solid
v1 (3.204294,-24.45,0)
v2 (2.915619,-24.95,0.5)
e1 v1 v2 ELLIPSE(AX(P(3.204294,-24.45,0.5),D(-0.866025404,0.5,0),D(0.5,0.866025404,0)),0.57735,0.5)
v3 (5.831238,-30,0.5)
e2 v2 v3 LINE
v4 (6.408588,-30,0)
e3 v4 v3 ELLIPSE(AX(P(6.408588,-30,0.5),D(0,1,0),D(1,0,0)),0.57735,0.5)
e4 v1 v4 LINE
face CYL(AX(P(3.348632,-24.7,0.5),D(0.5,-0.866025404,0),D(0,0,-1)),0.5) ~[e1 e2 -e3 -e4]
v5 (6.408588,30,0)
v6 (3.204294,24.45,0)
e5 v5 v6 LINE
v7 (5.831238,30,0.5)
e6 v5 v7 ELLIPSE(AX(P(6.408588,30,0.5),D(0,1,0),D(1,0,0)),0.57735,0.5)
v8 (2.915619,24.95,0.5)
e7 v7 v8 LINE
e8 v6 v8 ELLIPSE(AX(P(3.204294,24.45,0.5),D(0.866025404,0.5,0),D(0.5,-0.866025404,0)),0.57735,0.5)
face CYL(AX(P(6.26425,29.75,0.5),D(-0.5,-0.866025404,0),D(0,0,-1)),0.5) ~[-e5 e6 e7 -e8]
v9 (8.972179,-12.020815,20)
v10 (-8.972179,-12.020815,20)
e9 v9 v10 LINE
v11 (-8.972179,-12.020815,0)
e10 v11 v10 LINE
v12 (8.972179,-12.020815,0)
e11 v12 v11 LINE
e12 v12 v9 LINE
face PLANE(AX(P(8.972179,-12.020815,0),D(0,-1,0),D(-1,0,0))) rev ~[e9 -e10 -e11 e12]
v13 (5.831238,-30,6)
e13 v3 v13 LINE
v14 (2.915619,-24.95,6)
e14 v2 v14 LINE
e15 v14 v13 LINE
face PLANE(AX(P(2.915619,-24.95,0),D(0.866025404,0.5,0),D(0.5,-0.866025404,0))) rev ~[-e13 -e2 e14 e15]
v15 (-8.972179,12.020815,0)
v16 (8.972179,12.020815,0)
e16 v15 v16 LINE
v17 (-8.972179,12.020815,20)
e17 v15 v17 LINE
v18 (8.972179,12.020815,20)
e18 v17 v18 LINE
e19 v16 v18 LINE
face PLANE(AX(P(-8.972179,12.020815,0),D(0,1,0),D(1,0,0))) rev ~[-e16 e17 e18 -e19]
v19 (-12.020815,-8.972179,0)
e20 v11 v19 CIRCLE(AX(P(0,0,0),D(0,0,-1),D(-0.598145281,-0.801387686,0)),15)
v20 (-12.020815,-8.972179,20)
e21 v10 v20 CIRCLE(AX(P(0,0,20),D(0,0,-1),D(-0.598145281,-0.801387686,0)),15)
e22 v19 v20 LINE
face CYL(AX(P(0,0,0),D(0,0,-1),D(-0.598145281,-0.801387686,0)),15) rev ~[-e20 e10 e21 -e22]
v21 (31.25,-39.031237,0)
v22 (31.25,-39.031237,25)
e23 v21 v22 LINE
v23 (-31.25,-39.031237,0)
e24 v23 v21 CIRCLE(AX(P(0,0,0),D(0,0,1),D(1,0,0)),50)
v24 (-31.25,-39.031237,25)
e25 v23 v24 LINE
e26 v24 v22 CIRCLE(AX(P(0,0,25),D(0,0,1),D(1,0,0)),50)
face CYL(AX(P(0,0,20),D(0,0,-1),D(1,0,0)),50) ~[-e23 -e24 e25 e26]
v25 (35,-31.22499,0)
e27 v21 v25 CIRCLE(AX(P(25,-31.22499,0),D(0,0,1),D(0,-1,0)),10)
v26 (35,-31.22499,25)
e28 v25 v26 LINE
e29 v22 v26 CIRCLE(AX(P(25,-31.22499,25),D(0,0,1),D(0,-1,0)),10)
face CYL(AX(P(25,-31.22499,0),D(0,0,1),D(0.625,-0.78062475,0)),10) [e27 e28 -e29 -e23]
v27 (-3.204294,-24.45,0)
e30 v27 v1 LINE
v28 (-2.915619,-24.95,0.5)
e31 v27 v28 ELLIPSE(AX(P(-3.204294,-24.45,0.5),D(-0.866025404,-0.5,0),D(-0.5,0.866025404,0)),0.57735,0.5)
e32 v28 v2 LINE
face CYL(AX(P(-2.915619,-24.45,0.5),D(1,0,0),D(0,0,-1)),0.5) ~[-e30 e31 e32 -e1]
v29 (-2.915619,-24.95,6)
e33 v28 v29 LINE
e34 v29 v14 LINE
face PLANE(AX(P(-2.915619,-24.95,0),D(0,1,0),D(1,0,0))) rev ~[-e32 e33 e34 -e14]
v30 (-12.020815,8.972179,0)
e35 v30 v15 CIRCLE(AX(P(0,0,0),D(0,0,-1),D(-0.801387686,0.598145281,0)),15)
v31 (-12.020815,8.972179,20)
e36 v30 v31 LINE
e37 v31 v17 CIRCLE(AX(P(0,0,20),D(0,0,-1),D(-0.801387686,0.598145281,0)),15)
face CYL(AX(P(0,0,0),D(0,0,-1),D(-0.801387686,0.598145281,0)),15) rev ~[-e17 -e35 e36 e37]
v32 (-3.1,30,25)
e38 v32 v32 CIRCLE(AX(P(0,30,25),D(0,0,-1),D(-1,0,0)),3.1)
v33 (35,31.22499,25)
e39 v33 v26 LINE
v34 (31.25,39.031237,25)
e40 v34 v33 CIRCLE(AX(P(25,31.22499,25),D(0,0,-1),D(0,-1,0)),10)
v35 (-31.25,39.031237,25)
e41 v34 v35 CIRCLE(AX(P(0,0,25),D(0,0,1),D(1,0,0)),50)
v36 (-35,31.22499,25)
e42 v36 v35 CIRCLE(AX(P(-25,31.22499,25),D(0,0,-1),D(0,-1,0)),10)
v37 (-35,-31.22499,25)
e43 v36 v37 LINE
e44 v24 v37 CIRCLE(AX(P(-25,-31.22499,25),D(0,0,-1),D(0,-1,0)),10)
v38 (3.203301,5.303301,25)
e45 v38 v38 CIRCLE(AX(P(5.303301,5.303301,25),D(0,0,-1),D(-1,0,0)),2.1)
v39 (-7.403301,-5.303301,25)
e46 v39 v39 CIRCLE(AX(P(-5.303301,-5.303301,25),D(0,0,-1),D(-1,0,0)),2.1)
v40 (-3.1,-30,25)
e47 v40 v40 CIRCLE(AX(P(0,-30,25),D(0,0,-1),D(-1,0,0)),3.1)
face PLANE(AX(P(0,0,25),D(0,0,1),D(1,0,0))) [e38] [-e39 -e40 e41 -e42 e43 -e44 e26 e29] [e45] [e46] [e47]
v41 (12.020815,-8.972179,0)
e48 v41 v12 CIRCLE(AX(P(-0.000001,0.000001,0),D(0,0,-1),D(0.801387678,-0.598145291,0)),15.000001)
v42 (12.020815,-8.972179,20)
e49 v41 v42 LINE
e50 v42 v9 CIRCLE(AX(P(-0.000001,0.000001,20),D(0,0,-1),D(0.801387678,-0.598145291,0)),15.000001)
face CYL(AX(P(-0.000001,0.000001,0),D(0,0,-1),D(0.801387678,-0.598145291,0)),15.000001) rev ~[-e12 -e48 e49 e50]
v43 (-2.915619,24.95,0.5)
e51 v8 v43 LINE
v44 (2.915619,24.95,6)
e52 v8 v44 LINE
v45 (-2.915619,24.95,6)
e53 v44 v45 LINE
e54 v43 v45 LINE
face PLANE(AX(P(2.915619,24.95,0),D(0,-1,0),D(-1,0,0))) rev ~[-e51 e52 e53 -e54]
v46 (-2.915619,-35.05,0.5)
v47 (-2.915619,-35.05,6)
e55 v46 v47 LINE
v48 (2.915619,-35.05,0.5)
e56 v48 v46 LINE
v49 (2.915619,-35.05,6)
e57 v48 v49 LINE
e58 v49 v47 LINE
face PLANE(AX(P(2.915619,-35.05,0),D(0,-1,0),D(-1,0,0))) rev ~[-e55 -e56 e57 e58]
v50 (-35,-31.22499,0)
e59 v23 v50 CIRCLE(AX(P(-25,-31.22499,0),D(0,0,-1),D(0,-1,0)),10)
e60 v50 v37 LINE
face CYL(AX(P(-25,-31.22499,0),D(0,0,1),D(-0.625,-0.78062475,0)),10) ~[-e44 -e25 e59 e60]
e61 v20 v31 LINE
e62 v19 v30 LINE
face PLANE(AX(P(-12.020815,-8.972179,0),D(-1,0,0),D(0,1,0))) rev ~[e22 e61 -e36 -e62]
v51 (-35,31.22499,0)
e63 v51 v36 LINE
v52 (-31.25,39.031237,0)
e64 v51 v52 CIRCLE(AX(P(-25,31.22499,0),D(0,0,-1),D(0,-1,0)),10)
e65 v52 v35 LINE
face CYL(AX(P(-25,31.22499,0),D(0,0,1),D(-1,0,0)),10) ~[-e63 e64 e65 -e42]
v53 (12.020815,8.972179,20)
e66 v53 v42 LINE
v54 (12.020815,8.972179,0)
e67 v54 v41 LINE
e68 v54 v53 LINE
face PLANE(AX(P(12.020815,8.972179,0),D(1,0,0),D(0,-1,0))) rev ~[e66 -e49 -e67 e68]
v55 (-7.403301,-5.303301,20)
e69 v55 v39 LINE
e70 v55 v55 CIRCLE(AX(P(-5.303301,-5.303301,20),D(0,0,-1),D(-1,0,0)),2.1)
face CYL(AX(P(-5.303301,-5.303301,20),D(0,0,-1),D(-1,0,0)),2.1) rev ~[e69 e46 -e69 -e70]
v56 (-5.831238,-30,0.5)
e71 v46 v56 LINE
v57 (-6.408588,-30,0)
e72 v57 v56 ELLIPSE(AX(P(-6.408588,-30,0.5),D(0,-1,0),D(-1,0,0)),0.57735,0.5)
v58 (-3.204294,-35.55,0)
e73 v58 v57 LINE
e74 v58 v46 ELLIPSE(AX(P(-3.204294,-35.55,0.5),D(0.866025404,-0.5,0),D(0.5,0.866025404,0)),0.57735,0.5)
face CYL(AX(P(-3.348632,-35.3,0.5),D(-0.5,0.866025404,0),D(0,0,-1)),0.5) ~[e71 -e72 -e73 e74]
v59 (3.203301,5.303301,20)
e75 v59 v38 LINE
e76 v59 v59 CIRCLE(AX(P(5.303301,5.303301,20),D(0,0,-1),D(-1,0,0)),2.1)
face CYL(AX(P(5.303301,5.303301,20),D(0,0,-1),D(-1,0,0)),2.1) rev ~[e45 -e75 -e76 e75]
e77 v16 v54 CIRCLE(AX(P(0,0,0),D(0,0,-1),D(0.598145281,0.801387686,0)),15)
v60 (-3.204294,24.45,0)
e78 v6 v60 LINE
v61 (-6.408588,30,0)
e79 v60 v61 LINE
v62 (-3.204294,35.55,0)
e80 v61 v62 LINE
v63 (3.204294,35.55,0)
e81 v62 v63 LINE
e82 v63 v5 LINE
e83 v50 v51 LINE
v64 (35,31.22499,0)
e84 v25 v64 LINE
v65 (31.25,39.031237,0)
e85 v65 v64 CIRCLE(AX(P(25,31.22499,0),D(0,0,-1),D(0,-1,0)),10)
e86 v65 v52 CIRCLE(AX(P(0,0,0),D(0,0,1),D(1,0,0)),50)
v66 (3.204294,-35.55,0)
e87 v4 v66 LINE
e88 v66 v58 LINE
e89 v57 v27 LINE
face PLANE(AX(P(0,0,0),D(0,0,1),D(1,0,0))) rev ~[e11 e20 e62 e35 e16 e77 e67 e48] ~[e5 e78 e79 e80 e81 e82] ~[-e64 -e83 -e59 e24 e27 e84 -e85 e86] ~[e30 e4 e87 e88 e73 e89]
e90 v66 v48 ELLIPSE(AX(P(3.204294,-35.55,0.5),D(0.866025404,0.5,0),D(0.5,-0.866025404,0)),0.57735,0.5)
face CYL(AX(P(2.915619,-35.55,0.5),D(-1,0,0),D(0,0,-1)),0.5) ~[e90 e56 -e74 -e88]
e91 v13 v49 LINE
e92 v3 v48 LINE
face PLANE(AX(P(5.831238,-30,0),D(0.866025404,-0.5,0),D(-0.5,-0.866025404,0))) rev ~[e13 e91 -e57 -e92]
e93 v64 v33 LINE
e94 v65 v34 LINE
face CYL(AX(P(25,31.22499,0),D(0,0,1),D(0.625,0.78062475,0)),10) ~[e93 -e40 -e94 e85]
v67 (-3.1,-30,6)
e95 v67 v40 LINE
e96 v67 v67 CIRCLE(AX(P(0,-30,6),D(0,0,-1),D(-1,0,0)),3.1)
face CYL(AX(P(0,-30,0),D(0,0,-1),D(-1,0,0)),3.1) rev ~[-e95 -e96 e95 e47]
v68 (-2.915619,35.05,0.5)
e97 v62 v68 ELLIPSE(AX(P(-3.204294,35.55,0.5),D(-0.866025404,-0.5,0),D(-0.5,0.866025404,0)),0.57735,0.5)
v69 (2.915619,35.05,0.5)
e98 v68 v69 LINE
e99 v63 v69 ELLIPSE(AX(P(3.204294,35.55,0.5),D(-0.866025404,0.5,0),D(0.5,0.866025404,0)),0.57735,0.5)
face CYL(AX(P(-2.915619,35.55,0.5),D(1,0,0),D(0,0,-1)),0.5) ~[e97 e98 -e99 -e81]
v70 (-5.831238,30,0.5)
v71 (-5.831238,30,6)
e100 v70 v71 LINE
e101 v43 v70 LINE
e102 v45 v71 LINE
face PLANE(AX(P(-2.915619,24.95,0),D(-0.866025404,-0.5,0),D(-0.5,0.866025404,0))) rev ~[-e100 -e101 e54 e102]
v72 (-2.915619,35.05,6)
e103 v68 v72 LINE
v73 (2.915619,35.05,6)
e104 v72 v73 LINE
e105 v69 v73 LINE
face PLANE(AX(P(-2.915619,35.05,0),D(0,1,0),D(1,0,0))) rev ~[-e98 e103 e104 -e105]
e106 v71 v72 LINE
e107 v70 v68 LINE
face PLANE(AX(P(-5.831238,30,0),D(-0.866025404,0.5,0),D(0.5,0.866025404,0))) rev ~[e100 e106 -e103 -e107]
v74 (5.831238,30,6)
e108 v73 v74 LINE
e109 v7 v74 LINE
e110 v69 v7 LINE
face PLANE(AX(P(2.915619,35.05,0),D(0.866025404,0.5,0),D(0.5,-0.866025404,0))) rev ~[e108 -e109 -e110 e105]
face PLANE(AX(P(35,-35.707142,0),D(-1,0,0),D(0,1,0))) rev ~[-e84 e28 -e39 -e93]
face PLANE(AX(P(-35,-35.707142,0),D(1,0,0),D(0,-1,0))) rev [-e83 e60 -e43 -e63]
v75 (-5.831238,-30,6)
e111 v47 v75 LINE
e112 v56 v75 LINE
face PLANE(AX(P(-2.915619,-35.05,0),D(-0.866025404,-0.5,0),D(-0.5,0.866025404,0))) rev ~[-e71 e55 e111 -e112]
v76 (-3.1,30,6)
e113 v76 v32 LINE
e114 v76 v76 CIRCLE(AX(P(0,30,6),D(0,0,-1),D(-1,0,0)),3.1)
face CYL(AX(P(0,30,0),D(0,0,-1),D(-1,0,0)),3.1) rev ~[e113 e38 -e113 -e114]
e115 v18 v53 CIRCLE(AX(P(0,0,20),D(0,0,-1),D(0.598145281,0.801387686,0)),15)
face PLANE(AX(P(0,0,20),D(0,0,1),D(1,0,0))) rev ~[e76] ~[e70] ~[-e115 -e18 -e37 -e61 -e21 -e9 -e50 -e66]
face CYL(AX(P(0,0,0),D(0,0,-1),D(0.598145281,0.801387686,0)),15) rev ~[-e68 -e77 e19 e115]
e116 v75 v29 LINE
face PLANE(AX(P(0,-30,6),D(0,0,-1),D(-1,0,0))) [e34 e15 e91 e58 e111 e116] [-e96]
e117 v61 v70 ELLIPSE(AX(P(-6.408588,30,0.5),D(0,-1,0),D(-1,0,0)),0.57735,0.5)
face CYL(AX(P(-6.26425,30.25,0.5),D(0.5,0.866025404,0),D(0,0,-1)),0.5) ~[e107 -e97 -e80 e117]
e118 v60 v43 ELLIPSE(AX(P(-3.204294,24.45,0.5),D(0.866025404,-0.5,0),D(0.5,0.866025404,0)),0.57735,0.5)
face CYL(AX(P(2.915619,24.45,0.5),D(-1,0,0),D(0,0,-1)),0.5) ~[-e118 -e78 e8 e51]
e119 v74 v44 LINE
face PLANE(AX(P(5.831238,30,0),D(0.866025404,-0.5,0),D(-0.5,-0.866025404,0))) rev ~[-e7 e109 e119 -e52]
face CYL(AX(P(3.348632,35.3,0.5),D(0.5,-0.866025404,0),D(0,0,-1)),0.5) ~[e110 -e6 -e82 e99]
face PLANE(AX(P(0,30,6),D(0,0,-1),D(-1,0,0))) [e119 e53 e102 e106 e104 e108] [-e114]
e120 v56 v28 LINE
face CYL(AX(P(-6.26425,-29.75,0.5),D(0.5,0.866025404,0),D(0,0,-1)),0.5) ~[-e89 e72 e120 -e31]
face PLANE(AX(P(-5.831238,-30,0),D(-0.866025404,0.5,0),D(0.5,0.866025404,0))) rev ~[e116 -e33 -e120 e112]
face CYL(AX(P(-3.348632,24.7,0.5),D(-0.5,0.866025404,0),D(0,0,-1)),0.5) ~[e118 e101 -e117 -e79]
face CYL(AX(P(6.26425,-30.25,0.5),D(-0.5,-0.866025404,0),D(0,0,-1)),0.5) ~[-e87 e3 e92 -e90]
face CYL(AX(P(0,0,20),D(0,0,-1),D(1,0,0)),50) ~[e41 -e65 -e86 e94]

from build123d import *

# Parameters (mm, degrees)
SKETCH1_R           = 50
BOSS_EXTRUDE1_DEPTH = 20
SKETCH2_R           = 50
BOSS_EXTRUDE2_DEPTH = 5
SKETCH3_R           = 2.1
CUT_EXTRUDE1_DEPTH  = 5
SKETCH4_R           = 3.1
CUT_EXTRUDE2_DEPTH  = 76
CUT_EXTRUDE3_DEPTH  = 6
FILLET1_R           = 0.5
CUT_EXTRUDE4_DEPTH  = 76
FILLET2_R           = 10


with BuildPart() as part:
    # Sketch1 → Boss-Extrude1 (new body)
    with BuildSketch(Plane.XY):
        Circle(SKETCH1_R)
        with BuildLine():
            Line((-8.972179222, 12.02081528), (8.972179222, 12.02081528))
            ThreePointArc((8.972179222, 12.02081528), (10.606601718, 10.606601718), (12.02081528, 8.972179222))
            Line((12.02081528, 8.972179222), (12.02081528, -8.972179222))
            ThreePointArc((12.02081528, -8.972179222), (10.606601708, -10.606601708), (8.972179222, -12.02081528))
            Line((8.972179222, -12.02081528), (-8.972179222, -12.02081528))
            ThreePointArc((-8.972179222, -12.02081528), (-10.606601718, -10.606601718), (-12.02081528, -8.972179222))
            Line((-12.02081528, -8.972179222), (-12.02081528, 8.972179222))
            ThreePointArc((-12.02081528, 8.972179222), (-10.606601718, 10.606601718), (-8.972179222, 12.02081528))
        make_face(mode=Mode.SUBTRACT)
    extrude(amount=BOSS_EXTRUDE1_DEPTH)

    # Sketch2 → Boss-Extrude2 (add)
    with BuildSketch(Plane.XY.offset(20)):
        Circle(SKETCH2_R)
    extrude(amount=BOSS_EXTRUDE2_DEPTH)

    # Sketch3 → Cut-Extrude1 (cut)
    with BuildSketch(Plane(origin=(0, 0, 20), x_dir=(-1, 0, 0), z_dir=(0, 0, -1))):
        with Locations((-5.303300859, 5.303300859)):
            Circle(SKETCH3_R)
        with Locations((5.303300859, -5.303300859)):
            Circle(SKETCH3_R)
    extrude(amount=-CUT_EXTRUDE1_DEPTH, mode=Mode.SUBTRACT)

    # Sketch4 → Cut-Extrude2 (cut, through all)
    with BuildSketch(Plane(origin=(0, 0, 0), x_dir=(-1, 0, 0), z_dir=(0, 0, -1))):
        with Locations((0, 30)):
            Circle(SKETCH4_R)
        with Locations((0, -30)):
            Circle(SKETCH4_R)
    extrude(amount=-CUT_EXTRUDE2_DEPTH, mode=Mode.SUBTRACT)

    # Sketch5 → Cut-Extrude3 (cut)
    with BuildSketch(Plane(origin=(0, 0, 0), x_dir=(-1, 0, 0), z_dir=(0, 0, -1))):
        Polygon((5.831237719, 30), (2.915618859, 35.05), (-2.915618859, 35.05), (-5.831237719, 30), (-2.915618859, 24.95), (2.915618859, 24.95), align=None)
        Polygon((5.831237719, -30), (2.915618859, -24.95), (-2.915618859, -24.95), (-5.831237719, -30), (-2.915618859, -35.05), (2.915618859, -35.05), align=None)
    extrude(amount=-CUT_EXTRUDE3_DEPTH, mode=Mode.SUBTRACT)

    # Fillet1
    fillet1_edges = [part.edges().sort_by_distance(p)[0] for p in [
        (-4.373428289, 27.475, 0),
        (-4.373428289, 32.525, 0),
        (0, 35.05, 0),
        (4.373428289, 32.525, 0),
        (4.373428289, 27.475, 0),
        (0, 24.95, 0),
        (-4.373428289, -32.525, 0),
        (-4.373428289, -27.475, 0),
        (0, -24.95, 0),
        (4.373428289, -27.475, 0),
        (4.373428289, -32.525, 0),
        (0, -35.05, 0),
    ]]
    fillet(fillet1_edges, radius=FILLET1_R)

    # Sketch6 → Cut-Extrude4 (cut, through all)
    with BuildSketch(Plane(origin=(0, 0, 0), x_dir=(-1, 0, 0), z_dir=(0, 0, -1))):
        with BuildLine():
            Line((-35, 0), (-35, 35.707142143))
            ThreePointArc((-35, 35.707142143), (-50, 0), (-35, -35.707142143))
            Line((-35, -35.707142143), (-35, 0))
        make_face()
    cut_extrude4 = extrude(amount=-CUT_EXTRUDE4_DEPTH, mode=Mode.SUBTRACT)

    # Mirror1: Cut-Extrude4 across plane
    add(cut_extrude4.mirror(Plane(origin=(0, 0, 0), x_dir=(0, 0, 1), z_dir=(1, 0, 0))), mode=Mode.SUBTRACT)

    # Fillet2
    fillet2_edges = [part.edges().sort_by_distance(p)[0] for p in [
        (35, -35.707142143, 12.5),
        (35, 35.707142143, 12.5),
        (-35, -35.707142143, 12.5),
        (-35, 35.707142143, 12.5),
    ]]
    fillet(fillet2_edges, radius=FILLET2_R)


solid = part.part
